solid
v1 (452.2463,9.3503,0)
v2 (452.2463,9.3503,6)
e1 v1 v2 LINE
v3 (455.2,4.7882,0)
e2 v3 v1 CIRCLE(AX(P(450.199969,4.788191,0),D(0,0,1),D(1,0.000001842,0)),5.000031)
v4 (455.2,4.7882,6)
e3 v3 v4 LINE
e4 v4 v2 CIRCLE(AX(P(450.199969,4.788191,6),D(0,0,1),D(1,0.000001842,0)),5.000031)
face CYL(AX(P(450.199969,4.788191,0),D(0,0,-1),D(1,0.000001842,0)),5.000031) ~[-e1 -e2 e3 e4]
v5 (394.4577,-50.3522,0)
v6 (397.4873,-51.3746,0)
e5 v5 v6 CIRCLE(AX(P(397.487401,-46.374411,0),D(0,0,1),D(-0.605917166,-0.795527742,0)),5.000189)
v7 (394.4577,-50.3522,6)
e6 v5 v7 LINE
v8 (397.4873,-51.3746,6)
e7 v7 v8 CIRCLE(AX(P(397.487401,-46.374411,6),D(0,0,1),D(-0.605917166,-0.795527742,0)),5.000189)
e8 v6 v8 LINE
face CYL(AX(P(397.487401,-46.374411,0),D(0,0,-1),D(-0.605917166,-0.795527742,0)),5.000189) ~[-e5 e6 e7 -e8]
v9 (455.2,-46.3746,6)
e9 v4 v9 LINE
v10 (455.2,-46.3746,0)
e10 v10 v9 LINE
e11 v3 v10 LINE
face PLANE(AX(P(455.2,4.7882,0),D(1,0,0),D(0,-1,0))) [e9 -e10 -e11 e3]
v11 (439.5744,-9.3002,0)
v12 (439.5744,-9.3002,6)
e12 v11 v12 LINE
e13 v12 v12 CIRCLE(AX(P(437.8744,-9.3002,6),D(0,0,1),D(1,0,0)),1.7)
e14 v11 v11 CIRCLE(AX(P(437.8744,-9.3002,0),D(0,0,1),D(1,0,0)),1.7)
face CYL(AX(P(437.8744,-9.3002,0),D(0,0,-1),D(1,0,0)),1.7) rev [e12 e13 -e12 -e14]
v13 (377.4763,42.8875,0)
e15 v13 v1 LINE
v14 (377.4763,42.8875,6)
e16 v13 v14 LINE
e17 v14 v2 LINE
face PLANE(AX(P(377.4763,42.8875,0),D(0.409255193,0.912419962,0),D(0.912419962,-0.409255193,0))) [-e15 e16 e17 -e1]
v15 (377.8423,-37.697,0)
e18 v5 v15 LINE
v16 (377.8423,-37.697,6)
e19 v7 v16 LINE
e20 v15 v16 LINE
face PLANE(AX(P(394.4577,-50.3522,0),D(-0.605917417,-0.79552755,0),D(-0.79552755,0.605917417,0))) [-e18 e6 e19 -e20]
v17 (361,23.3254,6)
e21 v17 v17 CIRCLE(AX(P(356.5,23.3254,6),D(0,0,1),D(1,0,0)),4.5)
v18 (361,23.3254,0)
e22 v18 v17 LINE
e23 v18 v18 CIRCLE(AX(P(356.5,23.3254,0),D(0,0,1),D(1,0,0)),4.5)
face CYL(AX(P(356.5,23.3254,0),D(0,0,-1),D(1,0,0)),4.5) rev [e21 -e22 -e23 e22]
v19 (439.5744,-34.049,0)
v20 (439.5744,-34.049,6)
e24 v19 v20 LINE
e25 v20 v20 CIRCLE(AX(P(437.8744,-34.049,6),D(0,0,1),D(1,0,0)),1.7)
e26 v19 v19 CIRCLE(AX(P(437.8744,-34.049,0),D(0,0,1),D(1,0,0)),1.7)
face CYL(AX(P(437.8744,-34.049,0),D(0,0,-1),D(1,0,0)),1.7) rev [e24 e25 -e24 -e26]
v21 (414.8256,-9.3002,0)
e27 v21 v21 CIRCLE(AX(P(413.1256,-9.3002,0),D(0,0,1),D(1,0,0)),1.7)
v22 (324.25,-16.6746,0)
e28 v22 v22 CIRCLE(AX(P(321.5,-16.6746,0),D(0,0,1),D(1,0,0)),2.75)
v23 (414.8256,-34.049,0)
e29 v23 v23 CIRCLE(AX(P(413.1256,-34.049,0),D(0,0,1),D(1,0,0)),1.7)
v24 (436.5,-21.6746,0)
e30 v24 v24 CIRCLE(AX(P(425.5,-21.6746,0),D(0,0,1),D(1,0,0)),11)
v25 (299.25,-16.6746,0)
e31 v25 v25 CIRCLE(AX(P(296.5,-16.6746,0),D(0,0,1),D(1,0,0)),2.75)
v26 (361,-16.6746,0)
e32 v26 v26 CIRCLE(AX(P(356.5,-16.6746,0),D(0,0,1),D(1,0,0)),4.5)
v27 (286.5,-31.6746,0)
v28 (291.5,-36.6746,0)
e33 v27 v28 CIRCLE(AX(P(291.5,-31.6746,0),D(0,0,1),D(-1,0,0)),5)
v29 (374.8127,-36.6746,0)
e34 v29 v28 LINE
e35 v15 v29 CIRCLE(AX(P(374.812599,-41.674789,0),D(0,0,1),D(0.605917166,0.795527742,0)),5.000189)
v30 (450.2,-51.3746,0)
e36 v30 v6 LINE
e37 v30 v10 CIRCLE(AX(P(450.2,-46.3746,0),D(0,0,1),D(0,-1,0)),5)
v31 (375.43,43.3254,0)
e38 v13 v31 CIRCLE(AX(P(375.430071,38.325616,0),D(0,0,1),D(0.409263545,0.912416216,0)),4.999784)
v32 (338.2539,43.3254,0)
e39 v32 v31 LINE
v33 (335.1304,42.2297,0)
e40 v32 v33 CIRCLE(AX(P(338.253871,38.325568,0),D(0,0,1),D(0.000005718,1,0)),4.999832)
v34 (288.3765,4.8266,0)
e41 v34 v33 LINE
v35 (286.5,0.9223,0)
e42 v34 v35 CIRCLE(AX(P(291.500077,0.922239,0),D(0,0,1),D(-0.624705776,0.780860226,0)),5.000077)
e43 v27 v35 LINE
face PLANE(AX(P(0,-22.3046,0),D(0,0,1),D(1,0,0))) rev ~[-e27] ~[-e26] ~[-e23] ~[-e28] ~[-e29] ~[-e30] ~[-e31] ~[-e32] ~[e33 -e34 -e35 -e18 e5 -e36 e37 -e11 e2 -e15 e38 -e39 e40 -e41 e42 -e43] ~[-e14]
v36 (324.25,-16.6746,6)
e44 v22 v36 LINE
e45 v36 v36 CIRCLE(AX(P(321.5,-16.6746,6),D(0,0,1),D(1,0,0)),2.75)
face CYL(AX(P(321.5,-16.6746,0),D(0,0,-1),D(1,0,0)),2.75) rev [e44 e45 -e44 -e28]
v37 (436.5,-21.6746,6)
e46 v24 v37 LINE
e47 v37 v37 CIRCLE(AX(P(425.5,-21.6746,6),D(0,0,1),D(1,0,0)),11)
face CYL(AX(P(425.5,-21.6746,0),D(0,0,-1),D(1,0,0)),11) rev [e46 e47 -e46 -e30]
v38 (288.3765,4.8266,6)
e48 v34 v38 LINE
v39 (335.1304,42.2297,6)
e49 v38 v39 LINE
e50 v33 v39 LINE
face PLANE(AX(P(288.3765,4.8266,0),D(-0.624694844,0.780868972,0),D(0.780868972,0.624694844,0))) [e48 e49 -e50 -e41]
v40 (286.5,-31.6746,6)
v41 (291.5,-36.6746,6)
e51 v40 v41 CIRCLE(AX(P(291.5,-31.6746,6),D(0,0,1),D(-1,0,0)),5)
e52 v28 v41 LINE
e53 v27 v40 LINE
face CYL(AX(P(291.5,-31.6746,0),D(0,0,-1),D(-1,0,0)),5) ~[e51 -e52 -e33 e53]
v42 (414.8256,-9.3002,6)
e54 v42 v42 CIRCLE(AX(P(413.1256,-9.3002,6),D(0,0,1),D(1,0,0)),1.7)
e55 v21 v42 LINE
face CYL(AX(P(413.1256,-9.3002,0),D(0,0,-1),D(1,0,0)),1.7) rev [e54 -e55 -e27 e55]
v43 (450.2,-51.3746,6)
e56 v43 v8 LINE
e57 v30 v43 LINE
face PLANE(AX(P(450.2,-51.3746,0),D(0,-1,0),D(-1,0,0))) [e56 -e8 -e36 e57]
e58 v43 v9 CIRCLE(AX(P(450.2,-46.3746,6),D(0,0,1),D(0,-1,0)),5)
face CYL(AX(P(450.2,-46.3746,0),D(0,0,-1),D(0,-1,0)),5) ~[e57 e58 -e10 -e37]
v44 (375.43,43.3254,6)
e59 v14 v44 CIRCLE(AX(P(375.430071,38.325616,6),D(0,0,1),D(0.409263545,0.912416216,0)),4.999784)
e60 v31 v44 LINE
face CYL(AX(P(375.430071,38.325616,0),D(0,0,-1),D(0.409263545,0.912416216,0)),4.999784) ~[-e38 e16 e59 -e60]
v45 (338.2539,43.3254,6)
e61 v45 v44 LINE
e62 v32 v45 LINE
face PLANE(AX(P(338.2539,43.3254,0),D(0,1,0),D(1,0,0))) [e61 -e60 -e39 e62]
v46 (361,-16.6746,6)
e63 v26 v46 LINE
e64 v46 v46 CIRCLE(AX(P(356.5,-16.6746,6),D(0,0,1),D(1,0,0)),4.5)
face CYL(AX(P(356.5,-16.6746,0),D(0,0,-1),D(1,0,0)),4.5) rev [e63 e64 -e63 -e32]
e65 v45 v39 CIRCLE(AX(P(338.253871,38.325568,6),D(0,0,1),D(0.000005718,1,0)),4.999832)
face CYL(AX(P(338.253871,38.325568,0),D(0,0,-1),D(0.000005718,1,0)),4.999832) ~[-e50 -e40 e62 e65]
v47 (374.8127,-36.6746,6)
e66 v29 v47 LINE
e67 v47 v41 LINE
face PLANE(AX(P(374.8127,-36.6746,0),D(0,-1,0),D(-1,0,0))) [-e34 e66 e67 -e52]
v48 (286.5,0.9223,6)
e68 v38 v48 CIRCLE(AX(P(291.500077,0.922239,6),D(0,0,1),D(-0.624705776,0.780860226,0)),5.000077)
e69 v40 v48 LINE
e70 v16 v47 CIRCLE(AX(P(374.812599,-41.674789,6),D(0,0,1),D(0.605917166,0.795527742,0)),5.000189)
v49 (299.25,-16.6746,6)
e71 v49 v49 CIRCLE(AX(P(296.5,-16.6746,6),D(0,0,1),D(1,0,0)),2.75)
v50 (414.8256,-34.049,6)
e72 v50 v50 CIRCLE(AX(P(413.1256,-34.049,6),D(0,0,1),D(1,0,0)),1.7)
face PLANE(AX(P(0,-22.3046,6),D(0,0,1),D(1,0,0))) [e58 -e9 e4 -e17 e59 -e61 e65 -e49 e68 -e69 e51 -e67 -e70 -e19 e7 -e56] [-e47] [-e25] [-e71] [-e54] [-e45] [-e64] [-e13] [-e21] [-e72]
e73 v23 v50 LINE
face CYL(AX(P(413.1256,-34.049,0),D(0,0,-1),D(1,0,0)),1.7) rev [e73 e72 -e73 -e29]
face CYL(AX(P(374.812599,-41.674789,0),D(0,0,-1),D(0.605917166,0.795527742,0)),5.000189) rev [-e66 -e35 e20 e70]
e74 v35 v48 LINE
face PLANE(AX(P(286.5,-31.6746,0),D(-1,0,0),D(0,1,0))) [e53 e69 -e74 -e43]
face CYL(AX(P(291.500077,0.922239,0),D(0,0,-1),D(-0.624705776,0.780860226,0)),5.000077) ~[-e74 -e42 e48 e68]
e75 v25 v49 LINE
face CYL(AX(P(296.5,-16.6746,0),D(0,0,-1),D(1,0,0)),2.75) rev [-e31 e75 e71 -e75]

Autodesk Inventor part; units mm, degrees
ref_plane "YZ Plane" through (0, 0, 0) normal (1, 0, 0) x (0, 1, 0)
ref_plane "XZ Plane" through (0, 0, 0) normal (0, 1, 0) x (-1, 0, 0)
ref_plane "XY Plane" through (0, 0, 0) normal (0, 0, 1) x (1, 0, 0)
ref_plane "Work Plane1" through (0, -22.3046, 0) normal (0, 0, 1) x (1, 0, 0)
sketch "Sketch1" plane through (0, -22.3046, 0) normal (0, 0, 1) x (1, 0, 0)
  circle A0 centre (356.5, 45.63) radius 4.5 projected
  circle A1 centre (401.93, -22.94) radius 2.5 projected
  circle A2 centre (410.6508, 15.4792) radius 2.25 projected
  circle A3 centre (410.6508, -14.2192) radius 2.25 projected
  circle A4 centre (440.3492, -14.2192) radius 2.25 projected
  circle A5 centre (449.07, 24.2) radius 2.5 projected
  circle A6 centre (440.3492, 15.4792) radius 2.25 projected
  circle A7 centre (425.5, 0.63) radius 11 projected
  circle A8 centre (296.5, 5.63) radius 2.75 projected
  circle A9 centre (321.5, 5.63) radius 2.75 projected
  circle A10 centre (449.07, -22.94) radius 2.5 projected
  circle A11 centre (401.93, 24.2) radius 2.5 projected
  circle A12 centre (356.5, 5.63) radius 4.5 projected
  arc A13 (455.2, 27.0928) -> (452.2463, 31.6549) centre (450.2, 27.0928) ccw projected
  line L0 (377.4763, 65.1921) -> (452.2463, 31.6549) projected
  arc A14 (377.4763, 65.1921) -> (375.43, 65.63) centre (375.43, 60.63) ccw projected
  line L1 (338.2539, 65.63) -> (375.43, 65.63) projected
  arc A15 (338.2539, 65.63) -> (335.1304, 64.5343) centre (338.2539, 60.63) ccw projected
  line L2 (288.3765, 27.1312) -> (335.1304, 64.5343) projected
  arc A16 (288.3765, 27.1312) -> (286.5, 23.2269) centre (291.5, 23.2269) ccw projected
  line L3 (286.5, -9.37) -> (286.5, 23.2269) projected
  arc A17 (286.5, -9.37) -> (291.5, -14.37) centre (291.5, -9.37) ccw projected
  line L4 (374.8127, -14.37) -> (291.5, -14.37) projected
  arc A18 (377.8423, -15.3924) -> (374.8127, -14.37) centre (374.8127, -19.37) ccw projected
  line L5 (394.4577, -28.0476) -> (377.8423, -15.3924) projected
  arc A19 (394.4577, -28.0476) -> (397.4873, -29.07) centre (397.4873, -24.07) ccw projected
  line L6 (450.2, -29.07) -> (397.4873, -29.07) projected
  arc A20 (450.2, -29.07) -> (455.2, -24.07) centre (450.2, -24.07) ccw projected
  line L7 (455.2, 27.0928) -> (455.2, -24.07) projected
  circle A21 centre (425.5, 0.63) radius 17.5 construction
  circle A22 centre (413.1256, 13.0044) radius 1.7
  circle A23 centre (425.5, 0.63) radius 17.5 construction
  circle A24 centre (413.1256, -11.7444) radius 1.7
  circle A25 centre (425.5, 0.63) radius 17.5 construction
  circle A26 centre (437.8744, -11.7444) radius 1.7
  circle A27 centre (425.5, 0.63) radius 17.5 construction
  circle A28 centre (437.8744, 13.0044) radius 1.7
  point P0 (0, 22.3046)
  dimension "d0" = 35
  dimension "d1" = 3.4
  dimension "d4" = 360
extrude "Extrusion1" add sketch "Sketch1" along normal blind 6 contours A1 | A2 A22 | A3 A24 | A4 A26 | A5 | A6 A28 | A10 | A11 | L7 A20 L6 A19 L5 A18 L4 A17 L3 A16 L2 A15 L1 A14 L0 A13 picked at (410.1303, 16.2077) picked at (410.1303, -14.9477) picked at (440.8941, -14.9263) picked at (440.8941, 16.1863)
properties part number "6MM_ENDPLATE_FLOATINGSIDE"
